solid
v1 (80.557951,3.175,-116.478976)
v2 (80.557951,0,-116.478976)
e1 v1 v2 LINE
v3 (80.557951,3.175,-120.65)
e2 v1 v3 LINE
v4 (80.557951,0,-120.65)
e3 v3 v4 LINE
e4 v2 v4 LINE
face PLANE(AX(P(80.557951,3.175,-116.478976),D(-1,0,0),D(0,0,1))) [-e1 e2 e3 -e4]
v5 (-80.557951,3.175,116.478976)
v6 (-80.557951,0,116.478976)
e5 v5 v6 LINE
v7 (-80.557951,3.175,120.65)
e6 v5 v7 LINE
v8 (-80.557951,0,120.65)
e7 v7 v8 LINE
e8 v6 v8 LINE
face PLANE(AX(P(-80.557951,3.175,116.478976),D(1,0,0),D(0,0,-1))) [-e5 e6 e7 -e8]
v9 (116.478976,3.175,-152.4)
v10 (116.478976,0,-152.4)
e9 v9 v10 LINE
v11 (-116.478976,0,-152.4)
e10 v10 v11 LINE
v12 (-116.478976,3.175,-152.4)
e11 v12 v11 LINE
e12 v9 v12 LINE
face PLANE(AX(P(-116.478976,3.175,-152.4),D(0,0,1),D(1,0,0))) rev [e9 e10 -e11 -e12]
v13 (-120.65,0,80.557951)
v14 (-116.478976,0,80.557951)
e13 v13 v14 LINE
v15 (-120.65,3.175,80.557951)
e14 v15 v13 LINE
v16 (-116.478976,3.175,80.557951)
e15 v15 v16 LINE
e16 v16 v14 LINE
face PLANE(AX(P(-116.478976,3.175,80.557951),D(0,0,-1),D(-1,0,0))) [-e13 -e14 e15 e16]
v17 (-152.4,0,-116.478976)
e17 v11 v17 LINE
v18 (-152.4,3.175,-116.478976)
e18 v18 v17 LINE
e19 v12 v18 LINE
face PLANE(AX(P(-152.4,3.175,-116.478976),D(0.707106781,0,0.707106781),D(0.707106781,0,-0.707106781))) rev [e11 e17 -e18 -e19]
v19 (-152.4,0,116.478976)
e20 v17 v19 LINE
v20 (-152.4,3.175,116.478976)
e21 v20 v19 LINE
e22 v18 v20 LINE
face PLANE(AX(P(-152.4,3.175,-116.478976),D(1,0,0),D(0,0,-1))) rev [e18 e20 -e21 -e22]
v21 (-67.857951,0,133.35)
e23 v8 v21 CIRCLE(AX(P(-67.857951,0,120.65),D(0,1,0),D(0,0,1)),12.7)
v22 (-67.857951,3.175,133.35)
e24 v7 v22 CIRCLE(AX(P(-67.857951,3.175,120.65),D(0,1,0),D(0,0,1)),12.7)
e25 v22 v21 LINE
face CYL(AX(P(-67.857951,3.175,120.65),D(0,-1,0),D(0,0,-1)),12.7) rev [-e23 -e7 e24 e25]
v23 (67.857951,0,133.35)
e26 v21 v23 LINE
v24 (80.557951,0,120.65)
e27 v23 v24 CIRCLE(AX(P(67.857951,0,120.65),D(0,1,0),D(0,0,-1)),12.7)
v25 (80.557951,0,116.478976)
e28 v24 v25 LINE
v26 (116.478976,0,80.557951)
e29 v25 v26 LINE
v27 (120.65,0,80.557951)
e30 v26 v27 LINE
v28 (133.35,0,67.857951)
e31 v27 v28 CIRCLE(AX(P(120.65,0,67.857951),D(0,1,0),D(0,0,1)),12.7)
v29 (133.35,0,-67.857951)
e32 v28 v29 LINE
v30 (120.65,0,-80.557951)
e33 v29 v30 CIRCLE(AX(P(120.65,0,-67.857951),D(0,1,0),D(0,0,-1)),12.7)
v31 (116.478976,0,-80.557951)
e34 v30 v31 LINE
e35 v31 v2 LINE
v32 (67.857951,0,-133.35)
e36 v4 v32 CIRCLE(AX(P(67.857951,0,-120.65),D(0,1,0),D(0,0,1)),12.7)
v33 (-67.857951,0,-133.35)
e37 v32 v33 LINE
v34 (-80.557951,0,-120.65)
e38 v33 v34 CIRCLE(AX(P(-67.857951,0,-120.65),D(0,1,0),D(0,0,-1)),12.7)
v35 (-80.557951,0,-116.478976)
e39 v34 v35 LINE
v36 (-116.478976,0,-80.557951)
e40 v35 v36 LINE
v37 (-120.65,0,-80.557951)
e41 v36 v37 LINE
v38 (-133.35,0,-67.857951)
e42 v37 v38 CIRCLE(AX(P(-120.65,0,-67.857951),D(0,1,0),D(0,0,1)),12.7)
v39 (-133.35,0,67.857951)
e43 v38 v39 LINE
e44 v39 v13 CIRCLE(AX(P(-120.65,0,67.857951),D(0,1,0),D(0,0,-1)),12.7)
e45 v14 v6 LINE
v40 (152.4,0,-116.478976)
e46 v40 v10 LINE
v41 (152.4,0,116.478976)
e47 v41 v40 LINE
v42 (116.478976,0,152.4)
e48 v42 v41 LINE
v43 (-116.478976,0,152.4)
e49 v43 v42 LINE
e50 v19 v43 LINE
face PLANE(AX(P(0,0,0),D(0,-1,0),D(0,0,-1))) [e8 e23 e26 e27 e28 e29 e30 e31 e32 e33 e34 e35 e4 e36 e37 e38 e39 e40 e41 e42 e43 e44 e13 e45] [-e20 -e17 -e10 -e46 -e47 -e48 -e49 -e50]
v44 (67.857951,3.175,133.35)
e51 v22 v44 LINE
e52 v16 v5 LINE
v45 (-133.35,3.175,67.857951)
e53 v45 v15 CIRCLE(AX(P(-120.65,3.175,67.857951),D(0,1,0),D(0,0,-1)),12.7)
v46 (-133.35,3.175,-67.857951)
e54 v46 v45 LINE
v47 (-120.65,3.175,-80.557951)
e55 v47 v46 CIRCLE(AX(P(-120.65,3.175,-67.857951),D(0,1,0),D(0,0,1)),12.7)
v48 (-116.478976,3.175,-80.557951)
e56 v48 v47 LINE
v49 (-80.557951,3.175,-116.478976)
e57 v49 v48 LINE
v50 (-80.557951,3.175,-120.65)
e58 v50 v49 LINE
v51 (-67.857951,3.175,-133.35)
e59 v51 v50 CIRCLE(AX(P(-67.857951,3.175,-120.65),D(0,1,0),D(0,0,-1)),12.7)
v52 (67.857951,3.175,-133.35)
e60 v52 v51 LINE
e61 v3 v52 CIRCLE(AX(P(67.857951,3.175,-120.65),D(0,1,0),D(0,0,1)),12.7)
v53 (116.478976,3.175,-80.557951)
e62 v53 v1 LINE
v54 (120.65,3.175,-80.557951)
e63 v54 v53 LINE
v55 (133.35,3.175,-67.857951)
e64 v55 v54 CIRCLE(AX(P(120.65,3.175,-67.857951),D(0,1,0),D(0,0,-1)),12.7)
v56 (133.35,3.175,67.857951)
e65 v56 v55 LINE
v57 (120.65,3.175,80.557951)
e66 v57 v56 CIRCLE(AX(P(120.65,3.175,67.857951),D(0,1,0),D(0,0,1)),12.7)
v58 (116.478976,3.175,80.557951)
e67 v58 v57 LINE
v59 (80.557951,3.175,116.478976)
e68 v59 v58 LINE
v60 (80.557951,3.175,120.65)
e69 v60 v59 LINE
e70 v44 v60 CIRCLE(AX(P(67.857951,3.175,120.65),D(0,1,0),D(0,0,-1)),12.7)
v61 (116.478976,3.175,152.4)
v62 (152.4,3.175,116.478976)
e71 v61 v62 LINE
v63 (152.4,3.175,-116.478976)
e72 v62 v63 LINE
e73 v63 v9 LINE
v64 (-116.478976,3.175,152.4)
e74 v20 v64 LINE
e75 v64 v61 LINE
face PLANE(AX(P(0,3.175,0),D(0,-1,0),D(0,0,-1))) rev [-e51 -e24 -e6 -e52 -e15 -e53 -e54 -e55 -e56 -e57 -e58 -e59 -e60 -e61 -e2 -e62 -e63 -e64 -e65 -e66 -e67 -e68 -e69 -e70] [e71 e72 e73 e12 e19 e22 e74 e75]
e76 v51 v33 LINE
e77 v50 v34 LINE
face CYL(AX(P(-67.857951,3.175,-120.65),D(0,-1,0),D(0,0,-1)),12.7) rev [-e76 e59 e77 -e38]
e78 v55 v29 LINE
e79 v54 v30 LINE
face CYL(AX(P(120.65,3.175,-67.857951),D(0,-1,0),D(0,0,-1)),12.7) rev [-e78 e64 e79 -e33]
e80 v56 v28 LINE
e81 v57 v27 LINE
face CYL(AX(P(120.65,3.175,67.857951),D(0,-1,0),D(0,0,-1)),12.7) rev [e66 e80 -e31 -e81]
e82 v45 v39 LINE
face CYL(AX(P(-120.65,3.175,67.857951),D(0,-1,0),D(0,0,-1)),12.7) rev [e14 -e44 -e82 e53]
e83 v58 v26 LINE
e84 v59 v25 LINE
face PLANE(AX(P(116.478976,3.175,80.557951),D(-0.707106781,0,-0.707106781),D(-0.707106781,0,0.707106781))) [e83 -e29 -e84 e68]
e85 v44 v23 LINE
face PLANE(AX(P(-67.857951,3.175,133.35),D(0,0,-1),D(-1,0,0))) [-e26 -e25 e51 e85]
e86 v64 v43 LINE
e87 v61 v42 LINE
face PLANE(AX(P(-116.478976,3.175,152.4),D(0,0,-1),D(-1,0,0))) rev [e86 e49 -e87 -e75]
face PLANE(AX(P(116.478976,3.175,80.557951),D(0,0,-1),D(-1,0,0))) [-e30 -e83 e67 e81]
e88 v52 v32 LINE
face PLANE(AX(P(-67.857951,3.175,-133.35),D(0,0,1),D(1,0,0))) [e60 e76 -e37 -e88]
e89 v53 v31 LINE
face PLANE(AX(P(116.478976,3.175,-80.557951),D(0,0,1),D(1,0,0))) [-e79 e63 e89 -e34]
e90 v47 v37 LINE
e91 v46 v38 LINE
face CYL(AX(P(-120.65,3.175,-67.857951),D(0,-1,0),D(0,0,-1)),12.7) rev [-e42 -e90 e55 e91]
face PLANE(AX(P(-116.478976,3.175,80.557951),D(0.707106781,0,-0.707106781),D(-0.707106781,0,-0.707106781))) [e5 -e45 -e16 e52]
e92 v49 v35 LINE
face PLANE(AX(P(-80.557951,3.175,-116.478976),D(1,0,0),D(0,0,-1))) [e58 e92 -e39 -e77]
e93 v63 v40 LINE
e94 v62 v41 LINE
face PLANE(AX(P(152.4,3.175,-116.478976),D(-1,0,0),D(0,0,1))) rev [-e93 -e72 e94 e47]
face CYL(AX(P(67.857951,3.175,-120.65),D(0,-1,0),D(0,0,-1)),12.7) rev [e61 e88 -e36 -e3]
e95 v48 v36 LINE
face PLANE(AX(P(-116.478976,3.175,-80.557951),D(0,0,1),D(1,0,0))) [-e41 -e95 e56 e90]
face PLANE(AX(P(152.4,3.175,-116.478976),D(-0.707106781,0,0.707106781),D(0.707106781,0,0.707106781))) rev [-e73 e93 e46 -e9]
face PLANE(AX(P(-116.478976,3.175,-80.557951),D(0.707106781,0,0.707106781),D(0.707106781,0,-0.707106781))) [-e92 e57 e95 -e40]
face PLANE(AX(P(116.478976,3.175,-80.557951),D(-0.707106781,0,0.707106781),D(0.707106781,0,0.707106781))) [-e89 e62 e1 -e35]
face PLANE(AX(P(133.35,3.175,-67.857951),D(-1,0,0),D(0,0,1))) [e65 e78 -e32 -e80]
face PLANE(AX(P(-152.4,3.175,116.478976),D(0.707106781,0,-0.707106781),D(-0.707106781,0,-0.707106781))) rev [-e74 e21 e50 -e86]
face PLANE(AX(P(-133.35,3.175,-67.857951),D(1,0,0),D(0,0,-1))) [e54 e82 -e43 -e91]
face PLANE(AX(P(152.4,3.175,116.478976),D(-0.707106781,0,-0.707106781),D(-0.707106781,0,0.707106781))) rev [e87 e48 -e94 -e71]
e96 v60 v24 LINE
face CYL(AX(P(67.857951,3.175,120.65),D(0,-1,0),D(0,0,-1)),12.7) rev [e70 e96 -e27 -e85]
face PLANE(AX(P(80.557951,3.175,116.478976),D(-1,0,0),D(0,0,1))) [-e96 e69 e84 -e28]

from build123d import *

# Parameters (mm, degrees)
BOSS_EXTRUDE1_DEPTH = 3.175


with BuildPart() as part:
    # Sketch2 → Boss-Extrude1 (new body)
    with BuildSketch(Plane(origin=(0, 0, 0), x_dir=(1, 0, 0), z_dir=(0, 1, 0))):
        Polygon((-152.4, 116.478975516), (-116.478975516, 152.4), (116.478975516, 152.4), (152.4, 116.478975516), (152.4, -116.478975516), (116.478975516, -152.4), (-116.478975516, -152.4), (-152.4, -116.478975516), align=None)
        with BuildLine():
            Line((-116.478975516, 80.557951031), (-80.557951031, 116.478975516))
            Line((-80.557951031, 116.478975516), (-80.557951031, 120.65))
            ThreePointArc((-80.557951031, 120.65), (-76.838207153, 129.630256121), (-67.857951031, 133.35))
            Line((-67.857951031, 133.35), (67.857951031, 133.35))
            ThreePointArc((67.857951031, 133.35), (76.838207153, 129.630256121), (80.557951031, 120.65))
            Line((80.557951031, 120.65), (80.557951031, 116.478975516))
            Line((80.557951031, 116.478975516), (116.478975516, 80.557951031))
            Line((116.478975516, 80.557951031), (120.65, 80.557951031))
            ThreePointArc((120.65, 80.557951031), (129.630256121, 76.838207153), (133.35, 67.857951031))
            Line((133.35, 67.857951031), (133.35, -67.857951031))
            ThreePointArc((133.35, -67.857951031), (129.630256121, -76.838207153), (120.65, -80.557951031))
            Line((120.65, -80.557951031), (116.478975516, -80.557951031))
            Line((116.478975516, -80.557951031), (80.557951031, -116.478975516))
            Line((80.557951031, -116.478975516), (80.557951031, -120.65))
            ThreePointArc((80.557951031, -120.65), (76.838207153, -129.630256121), (67.857951031, -133.35))
            Line((67.857951031, -133.35), (-67.857951031, -133.35))
            ThreePointArc((-67.857951031, -133.35), (-76.838207153, -129.630256121), (-80.557951031, -120.65))
            Line((-80.557951031, -120.65), (-80.557951031, -116.478975516))
            Line((-80.557951031, -116.478975516), (-116.478975516, -80.557951031))
            Line((-116.478975516, -80.557951031), (-120.65, -80.557951031))
            ThreePointArc((-120.65, -80.557951031), (-129.630256121, -76.838207153), (-133.35, -67.857951031))
            Line((-133.35, -67.857951031), (-133.35, 67.857951031))
            ThreePointArc((-133.35, 67.857951031), (-129.630256121, 76.838207153), (-120.65, 80.557951031))
            Line((-120.65, 80.557951031), (-116.478975516, 80.557951031))
        make_face(mode=Mode.SUBTRACT)
    extrude(amount=BOSS_EXTRUDE1_DEPTH)


solid = part.part
